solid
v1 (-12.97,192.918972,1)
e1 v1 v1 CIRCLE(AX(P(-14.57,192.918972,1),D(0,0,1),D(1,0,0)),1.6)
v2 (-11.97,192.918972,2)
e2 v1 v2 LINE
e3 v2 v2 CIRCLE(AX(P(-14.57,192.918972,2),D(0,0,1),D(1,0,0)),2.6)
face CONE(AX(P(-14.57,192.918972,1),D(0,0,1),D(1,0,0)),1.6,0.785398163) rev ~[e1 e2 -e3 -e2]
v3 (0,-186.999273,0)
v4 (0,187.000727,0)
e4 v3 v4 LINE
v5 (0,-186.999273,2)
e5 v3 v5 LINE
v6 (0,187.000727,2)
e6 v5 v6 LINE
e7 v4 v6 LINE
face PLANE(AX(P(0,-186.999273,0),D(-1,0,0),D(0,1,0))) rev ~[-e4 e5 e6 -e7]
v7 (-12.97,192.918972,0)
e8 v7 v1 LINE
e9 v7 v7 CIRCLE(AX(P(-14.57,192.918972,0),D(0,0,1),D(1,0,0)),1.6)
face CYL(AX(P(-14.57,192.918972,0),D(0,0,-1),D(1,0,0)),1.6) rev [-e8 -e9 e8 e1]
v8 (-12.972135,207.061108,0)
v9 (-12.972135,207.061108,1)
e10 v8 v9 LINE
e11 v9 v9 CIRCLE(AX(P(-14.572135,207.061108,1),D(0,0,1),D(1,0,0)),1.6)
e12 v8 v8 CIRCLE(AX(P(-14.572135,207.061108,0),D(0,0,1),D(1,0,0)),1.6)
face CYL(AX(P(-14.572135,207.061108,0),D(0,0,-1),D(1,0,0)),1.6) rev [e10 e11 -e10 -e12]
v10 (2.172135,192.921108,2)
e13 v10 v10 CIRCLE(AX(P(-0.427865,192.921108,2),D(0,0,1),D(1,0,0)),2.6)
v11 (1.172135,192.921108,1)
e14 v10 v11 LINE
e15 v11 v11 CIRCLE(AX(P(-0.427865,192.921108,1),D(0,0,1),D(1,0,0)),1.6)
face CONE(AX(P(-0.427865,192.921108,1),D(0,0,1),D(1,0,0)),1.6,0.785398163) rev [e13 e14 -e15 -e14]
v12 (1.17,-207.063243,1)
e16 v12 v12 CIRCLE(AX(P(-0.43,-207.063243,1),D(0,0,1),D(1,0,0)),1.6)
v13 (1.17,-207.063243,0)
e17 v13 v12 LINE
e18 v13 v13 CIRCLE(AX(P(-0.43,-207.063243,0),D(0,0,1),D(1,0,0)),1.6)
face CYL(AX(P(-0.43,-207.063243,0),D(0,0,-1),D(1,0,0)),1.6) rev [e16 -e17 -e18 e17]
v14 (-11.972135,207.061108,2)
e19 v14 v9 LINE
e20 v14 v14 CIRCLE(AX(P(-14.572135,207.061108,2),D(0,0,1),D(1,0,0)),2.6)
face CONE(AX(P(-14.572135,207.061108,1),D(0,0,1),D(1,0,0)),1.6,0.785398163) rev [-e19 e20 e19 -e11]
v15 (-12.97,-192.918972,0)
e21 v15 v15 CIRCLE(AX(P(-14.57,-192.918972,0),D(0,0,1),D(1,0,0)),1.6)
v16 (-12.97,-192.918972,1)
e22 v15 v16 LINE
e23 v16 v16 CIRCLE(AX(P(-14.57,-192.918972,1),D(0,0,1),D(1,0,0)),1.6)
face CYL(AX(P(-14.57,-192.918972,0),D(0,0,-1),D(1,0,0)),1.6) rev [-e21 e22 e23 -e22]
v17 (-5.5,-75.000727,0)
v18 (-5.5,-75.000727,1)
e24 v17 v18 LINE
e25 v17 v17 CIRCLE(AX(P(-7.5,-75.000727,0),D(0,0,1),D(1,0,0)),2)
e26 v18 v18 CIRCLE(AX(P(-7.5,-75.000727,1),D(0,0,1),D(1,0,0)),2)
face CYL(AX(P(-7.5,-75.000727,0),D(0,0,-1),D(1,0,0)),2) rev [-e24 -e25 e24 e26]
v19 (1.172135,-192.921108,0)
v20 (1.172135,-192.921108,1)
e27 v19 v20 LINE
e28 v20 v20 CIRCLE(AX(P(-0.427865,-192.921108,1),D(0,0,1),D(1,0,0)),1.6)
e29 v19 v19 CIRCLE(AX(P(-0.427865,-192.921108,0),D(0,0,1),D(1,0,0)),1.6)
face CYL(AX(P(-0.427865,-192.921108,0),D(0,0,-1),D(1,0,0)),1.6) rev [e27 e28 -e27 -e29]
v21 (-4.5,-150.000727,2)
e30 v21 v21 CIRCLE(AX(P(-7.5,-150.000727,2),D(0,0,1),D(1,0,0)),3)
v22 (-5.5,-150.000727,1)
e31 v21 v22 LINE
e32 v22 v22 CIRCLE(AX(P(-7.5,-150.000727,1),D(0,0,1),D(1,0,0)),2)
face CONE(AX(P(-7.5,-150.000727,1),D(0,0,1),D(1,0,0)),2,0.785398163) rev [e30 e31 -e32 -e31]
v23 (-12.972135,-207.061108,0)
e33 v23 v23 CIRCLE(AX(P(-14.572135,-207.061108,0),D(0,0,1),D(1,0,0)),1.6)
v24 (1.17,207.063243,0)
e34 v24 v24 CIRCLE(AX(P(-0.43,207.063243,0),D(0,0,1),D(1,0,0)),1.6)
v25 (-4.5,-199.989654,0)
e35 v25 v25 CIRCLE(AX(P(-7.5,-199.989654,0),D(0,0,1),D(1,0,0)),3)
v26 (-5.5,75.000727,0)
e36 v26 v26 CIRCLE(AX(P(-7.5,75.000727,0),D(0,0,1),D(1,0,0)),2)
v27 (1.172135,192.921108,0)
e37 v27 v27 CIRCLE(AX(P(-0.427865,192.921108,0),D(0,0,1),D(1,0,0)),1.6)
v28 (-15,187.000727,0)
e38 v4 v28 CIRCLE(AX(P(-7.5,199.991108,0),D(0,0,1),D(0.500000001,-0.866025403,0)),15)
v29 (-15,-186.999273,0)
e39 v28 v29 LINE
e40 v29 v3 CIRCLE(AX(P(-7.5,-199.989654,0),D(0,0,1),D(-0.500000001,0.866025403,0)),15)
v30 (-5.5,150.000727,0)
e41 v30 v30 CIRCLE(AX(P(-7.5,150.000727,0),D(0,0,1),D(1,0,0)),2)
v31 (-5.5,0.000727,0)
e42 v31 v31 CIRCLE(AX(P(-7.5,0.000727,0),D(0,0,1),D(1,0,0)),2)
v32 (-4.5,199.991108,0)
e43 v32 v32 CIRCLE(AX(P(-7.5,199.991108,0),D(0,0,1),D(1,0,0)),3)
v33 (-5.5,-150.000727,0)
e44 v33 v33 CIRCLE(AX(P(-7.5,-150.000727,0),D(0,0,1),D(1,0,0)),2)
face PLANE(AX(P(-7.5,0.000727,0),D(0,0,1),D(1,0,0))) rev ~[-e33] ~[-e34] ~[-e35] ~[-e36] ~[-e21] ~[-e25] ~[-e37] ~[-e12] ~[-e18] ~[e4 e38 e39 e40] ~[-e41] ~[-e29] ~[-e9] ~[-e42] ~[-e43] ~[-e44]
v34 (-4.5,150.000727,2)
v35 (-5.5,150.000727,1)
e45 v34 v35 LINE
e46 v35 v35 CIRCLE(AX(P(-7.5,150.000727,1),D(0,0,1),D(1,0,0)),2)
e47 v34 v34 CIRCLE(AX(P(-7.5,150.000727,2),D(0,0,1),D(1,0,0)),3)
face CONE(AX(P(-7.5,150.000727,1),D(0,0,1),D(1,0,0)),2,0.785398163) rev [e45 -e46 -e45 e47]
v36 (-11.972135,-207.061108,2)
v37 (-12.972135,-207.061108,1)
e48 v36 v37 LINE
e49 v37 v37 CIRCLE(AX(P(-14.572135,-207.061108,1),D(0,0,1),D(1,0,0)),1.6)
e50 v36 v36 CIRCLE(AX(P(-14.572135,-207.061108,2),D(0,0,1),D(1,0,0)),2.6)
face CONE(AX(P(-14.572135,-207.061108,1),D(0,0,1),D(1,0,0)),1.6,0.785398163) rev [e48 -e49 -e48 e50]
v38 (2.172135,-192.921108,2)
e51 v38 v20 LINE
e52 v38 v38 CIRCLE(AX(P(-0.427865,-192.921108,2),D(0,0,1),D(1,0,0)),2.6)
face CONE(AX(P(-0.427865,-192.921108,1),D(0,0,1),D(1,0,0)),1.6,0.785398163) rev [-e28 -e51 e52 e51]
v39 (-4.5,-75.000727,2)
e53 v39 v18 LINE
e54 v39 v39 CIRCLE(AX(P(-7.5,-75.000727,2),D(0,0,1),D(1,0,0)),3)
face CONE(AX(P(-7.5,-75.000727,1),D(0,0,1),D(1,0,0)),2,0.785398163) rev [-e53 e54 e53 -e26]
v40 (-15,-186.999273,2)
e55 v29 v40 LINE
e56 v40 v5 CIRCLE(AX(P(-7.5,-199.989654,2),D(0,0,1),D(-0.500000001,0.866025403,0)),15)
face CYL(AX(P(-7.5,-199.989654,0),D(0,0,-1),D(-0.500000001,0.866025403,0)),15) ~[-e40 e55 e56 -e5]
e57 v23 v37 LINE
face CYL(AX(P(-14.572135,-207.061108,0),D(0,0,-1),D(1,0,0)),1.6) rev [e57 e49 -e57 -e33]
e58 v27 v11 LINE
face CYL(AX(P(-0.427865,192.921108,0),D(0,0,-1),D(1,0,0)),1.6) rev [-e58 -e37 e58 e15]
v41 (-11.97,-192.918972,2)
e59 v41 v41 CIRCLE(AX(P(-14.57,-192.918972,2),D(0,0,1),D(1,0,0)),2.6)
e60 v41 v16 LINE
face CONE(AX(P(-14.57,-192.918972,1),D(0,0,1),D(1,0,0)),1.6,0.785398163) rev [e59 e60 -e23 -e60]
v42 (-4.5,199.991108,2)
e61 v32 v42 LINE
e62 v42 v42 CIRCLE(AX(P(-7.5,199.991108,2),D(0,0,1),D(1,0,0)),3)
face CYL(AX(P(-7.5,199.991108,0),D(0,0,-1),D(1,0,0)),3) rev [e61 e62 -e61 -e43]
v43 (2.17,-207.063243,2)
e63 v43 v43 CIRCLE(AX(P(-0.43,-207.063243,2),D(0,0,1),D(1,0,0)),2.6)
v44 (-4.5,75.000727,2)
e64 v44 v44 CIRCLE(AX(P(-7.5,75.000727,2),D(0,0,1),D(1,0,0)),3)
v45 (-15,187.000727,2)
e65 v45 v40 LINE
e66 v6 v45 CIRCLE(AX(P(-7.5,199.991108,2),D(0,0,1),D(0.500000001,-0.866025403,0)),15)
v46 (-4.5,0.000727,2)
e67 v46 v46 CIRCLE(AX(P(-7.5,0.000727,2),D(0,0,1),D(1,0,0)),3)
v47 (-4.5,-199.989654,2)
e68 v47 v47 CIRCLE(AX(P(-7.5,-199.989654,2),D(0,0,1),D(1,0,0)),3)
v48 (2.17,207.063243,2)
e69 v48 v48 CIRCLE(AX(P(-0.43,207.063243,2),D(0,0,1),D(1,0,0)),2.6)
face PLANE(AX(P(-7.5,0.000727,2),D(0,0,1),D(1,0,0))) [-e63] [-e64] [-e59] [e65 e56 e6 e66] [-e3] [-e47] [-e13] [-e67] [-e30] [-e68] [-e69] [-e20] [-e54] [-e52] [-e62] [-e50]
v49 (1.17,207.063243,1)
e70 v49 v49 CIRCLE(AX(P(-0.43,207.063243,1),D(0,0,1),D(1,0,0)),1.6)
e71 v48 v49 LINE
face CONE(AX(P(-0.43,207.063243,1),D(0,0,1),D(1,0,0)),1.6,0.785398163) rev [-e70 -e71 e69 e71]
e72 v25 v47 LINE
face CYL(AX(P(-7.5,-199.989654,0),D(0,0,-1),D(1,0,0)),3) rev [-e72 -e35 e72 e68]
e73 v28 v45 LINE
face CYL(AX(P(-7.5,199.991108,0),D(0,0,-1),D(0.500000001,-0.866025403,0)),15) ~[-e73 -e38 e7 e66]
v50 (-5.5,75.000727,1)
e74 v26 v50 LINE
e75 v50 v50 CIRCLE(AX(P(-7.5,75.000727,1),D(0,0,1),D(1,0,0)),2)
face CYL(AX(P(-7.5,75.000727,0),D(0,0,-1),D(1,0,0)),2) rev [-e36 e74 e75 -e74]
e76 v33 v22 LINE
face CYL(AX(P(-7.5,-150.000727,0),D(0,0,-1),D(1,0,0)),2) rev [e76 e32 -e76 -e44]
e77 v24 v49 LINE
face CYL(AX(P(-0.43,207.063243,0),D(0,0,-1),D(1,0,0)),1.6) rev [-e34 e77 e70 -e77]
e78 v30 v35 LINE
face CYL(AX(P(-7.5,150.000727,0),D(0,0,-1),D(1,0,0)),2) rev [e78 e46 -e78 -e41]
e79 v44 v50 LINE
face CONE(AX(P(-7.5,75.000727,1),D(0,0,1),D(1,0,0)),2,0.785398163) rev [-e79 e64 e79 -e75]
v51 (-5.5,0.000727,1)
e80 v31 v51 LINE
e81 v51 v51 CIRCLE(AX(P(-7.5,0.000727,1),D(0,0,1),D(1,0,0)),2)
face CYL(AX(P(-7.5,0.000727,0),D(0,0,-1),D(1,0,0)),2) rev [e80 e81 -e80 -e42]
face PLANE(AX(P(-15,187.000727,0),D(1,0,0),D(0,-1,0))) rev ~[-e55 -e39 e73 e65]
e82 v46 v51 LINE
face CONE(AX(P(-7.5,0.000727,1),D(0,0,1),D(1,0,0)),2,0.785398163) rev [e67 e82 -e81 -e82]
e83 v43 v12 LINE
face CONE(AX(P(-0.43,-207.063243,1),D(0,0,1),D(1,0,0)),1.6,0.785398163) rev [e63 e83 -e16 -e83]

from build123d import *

# Parameters (mm, degrees)
F0_R     = 1.6
F0_R_2   = 3
F0_R_3   = 2
F1_DEPTH = 2
F2_SIZE  = 1
F3_SIZE  = 1
F4_SIZE  = 1
F5_SIZE  = 1


with BuildPart() as f1:
    # F0 (on Top) → F1 (new body)
    with BuildSketch(Plane.XY):
        with BuildLine():
            ThreePointArc((0, 187.000727), (-7.5, 214.991108), (-15, 187.000727))
            Line((-15, 187.000727), (-15, -186.999273))
            ThreePointArc((-15, -186.999273), (-7.5, -214.989654), (0, -186.999273))
            Line((0, -186.999273), (0, 187.000727))
        make_face()
        with Locations((-14.572135, -207.061108)):
            Circle(F0_R, mode=Mode.SUBTRACT)
        with Locations((-14.57, -192.918972)):
            Circle(F0_R, mode=Mode.SUBTRACT)
        with Locations((-7.5, -199.989654)):
            Circle(F0_R_2, mode=Mode.SUBTRACT)
        with Locations((-0.43, -207.063243)):
            Circle(F0_R, mode=Mode.SUBTRACT)
        with Locations((-0.427865, -192.921108)):
            Circle(F0_R, mode=Mode.SUBTRACT)
        with Locations((-7.5, -150.000727)):
            Circle(F0_R_3, mode=Mode.SUBTRACT)
        with Locations((-7.5, -75.000727)):
            Circle(F0_R_3, mode=Mode.SUBTRACT)
        with Locations((-14.57, 192.918972)):
            Circle(F0_R, mode=Mode.SUBTRACT)
        with Locations((-14.572135, 207.061108)):
            Circle(F0_R, mode=Mode.SUBTRACT)
        with Locations((-7.5, 0.000727)):
            Circle(F0_R_3, mode=Mode.SUBTRACT)
        with Locations((-7.5, 75.000727)):
            Circle(F0_R_3, mode=Mode.SUBTRACT)
        with Locations((-7.5, 150.000727)):
            Circle(F0_R_3, mode=Mode.SUBTRACT)
        with Locations((-7.5, 199.991108)):
            Circle(F0_R_2, mode=Mode.SUBTRACT)
        with Locations((-0.427865, 192.921108)):
            Circle(F0_R, mode=Mode.SUBTRACT)
        with Locations((-0.43, 207.063243)):
            Circle(F0_R, mode=Mode.SUBTRACT)
    extrude(amount=F1_DEPTH)

    # F2
    f2_edges = [f1.edges().sort_by_distance(p)[0] for p in [
        (-16.17, 192.918972, 2),
    ]]
    chamfer(f2_edges, length=F2_SIZE)

    # F3
    f3_edges = [f1.edges().sort_by_distance(p)[0] for p in [
        (-16.172135, 207.061108, 2),
        (-2.03, 207.063243, 2),
        (-2.027865, 192.921108, 2),
    ]]
    chamfer(f3_edges, length=F3_SIZE)

    # F4
    f4_edges = [f1.edges().sort_by_distance(p)[0] for p in [
        (-16.17, -192.918972, 2),
        (-16.172135, -207.061108, 2),
        (-2.03, -207.063243, 2),
        (-2.027865, -192.921108, 2),
    ]]
    chamfer(f4_edges, length=F4_SIZE)

    # F5
    f5_edges = [f1.edges().sort_by_distance(p)[0] for p in [
        (-9.5, 150.000727, 2),
        (-9.5, 75.000727, 2),
        (-9.5, 0.000727, 2),
        (-9.5, -75.000727, 2),
        (-9.5, -150.000727, 2),
    ]]
    chamfer(f5_edges, length=F5_SIZE)


solid = f1.part
